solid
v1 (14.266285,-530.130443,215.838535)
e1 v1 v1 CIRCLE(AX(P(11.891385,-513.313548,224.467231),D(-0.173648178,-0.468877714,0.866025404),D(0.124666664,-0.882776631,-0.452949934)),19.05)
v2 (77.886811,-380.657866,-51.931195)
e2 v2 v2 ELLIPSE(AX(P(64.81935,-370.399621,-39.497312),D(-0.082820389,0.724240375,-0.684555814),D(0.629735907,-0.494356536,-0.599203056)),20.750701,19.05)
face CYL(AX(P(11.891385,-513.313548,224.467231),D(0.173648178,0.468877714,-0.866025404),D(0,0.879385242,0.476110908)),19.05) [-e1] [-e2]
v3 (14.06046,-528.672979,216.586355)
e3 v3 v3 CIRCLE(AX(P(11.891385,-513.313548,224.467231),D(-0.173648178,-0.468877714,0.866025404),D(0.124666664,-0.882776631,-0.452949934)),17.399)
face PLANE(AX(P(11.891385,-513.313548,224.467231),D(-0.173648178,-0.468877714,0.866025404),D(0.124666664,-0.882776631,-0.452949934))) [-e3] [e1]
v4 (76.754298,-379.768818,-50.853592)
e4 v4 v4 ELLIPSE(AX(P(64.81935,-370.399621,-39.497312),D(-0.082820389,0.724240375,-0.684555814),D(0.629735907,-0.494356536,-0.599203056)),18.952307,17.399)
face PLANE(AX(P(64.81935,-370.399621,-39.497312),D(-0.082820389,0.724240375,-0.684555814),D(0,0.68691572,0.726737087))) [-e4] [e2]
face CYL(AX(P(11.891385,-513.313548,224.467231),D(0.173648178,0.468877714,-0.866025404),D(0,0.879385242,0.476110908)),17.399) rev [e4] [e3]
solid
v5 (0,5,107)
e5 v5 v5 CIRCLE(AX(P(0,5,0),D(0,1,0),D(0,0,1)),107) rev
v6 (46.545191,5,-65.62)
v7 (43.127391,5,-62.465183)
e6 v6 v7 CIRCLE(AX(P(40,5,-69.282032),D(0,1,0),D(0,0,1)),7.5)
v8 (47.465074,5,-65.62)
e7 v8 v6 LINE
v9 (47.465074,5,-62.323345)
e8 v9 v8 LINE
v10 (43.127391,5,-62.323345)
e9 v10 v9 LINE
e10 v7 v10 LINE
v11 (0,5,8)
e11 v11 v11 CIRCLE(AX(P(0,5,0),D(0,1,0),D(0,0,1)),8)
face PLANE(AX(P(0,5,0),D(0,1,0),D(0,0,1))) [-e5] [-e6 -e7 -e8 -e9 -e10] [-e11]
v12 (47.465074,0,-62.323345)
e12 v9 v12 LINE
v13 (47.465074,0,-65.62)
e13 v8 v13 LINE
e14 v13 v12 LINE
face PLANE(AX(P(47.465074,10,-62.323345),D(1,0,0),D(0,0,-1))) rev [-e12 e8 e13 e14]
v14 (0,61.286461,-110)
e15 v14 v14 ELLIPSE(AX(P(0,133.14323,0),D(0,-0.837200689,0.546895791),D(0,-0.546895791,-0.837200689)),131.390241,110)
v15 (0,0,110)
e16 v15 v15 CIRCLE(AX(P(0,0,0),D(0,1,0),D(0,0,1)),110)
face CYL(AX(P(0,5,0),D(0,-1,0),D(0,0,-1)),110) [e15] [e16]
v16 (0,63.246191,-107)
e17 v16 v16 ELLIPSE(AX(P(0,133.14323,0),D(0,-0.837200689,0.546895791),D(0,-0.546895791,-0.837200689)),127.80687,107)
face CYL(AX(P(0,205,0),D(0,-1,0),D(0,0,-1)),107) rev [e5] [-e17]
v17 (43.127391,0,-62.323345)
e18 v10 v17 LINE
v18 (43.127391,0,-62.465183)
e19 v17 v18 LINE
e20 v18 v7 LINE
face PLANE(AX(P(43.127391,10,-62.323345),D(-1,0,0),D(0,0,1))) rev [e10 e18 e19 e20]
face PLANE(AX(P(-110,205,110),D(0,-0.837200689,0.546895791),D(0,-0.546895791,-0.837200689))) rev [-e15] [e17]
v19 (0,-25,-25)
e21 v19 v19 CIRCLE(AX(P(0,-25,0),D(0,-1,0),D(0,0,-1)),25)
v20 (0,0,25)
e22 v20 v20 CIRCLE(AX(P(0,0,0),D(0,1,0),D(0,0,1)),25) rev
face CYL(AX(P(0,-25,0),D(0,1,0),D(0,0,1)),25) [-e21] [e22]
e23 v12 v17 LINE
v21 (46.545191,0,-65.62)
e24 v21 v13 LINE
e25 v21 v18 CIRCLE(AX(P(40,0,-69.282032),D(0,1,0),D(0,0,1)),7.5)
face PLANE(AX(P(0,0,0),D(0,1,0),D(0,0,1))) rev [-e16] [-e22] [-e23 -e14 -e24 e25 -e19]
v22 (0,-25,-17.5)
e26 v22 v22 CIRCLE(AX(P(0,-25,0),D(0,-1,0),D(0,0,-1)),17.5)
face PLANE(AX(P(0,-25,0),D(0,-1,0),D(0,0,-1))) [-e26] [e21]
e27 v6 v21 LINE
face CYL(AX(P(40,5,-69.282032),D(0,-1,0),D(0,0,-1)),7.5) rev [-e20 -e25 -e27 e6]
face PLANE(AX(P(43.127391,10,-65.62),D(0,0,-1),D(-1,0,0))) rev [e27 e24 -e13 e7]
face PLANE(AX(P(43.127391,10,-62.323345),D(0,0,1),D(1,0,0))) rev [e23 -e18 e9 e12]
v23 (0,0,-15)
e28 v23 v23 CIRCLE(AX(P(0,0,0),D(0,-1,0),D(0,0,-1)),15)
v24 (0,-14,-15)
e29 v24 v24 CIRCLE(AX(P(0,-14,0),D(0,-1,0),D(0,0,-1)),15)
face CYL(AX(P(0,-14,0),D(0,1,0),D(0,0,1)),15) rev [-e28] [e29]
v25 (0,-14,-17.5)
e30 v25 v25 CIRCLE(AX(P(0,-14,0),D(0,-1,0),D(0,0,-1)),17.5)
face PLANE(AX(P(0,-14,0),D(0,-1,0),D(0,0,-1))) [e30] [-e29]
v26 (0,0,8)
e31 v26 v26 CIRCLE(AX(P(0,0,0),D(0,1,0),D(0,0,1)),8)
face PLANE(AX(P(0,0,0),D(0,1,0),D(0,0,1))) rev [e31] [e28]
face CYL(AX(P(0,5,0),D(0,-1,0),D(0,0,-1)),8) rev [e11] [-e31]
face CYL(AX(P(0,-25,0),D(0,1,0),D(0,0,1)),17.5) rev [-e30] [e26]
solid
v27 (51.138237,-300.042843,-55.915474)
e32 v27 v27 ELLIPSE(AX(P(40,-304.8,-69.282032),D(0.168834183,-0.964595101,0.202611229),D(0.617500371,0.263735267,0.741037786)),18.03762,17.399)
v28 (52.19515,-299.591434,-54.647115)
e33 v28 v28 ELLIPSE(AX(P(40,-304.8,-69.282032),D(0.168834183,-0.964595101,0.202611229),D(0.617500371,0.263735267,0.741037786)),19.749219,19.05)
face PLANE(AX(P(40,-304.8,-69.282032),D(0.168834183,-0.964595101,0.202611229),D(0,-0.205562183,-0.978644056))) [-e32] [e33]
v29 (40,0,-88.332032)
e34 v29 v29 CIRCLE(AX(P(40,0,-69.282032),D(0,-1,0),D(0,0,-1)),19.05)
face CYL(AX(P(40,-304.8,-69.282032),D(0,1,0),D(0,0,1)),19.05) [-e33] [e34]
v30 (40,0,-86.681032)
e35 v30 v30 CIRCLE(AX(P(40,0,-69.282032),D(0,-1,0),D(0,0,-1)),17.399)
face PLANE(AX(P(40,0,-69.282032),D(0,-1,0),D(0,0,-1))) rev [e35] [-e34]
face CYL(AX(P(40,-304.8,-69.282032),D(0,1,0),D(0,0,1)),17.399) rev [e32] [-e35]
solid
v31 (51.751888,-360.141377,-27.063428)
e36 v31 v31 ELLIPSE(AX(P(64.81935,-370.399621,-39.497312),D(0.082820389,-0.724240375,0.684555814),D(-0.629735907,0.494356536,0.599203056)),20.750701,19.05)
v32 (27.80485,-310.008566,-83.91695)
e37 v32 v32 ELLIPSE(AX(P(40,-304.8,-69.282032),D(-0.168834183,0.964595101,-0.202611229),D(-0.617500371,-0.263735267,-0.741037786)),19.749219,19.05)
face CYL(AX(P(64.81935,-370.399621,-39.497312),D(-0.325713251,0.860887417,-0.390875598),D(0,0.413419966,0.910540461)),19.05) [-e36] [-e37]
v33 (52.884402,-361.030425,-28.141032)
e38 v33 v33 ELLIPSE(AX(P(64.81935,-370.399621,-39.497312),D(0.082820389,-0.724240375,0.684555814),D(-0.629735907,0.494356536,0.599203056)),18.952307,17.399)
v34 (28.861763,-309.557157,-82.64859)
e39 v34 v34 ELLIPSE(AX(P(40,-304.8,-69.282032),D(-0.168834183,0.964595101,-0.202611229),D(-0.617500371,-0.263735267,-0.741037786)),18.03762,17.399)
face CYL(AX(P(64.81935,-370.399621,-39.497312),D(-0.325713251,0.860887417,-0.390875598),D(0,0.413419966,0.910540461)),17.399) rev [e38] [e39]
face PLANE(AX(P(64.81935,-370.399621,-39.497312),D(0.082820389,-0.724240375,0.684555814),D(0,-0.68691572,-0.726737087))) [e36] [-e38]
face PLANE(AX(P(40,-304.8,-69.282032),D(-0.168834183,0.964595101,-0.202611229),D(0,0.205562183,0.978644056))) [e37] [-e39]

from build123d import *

# Parameters (mm, degrees)
SKETCH6_R                                      = 110
SKETCH6_R_2                                    = 8
SKETCH6_R_3                                    = 7.5
BOSS_EXTRUDE5_DEPTH                            = 5
SKETCH8_R                                      = 110
SKETCH8_R_2                                    = 107
BOSS_EXTRUDE6_DEPTH                            = 200
CUT_EXTRUDE1_DEPTH                             = 258.342184649
CUT_EXTRUDE1_DEPTH_BACK                        = 258.342184649
SKETCH11_R                                     = 25
SKETCH11_R_2                                   = 17.5
BOSS_EXTRUDE7_DEPTH                            = 25
SKETCH12_R                                     = 17.5
SKETCH12_R_2                                   = 15
BOSS_EXTRUDE8_DEPTH                            = 14
SKETCH13_W                                     = 4.337683853
SKETCH13_H                                     = 3.296654895
CUT_EXTRUDE2_DEPTH                             = 10
SKETCH1_R                                      = 19.05
SKETCH1_R_2                                    = 17.399
AL_ROUND_TUBING_AL_RND_TUBE_1_5_OD_X_0_0_DEPTH = 313.166024089
SKETCH1_ON_SEGMENT_2_R                         = 19.05
SKETCH1_ON_SEGMENT_2_R_2                       = 17.399
AL_ROUND_TUBING_AL_RND_TUBE_1_5_OD_X_3_DEPTH   = 97.201236225
SKETCH1_ON_SEGMENT_3_R                         = 19.05
SKETCH1_ON_SEGMENT_3_R_2                       = 17.399
AL_ROUND_TUBING_AL_RND_TUBE_1_5_OD_X_5_DEPTH   = 317.435212136


with BuildPart() as part:
    # Sketch6 → Boss-Extrude5 (new body)
    with BuildSketch(Plane(origin=(0, 0, 0), x_dir=(1, 0, 0), z_dir=(0, 1, 0))):
        with Locations(Location((0, 0, 0), (0, 0, 270))):
            Circle(SKETCH6_R)
        with Locations(Location((0, 0, 0), (0, 0, 270))):
            Circle(SKETCH6_R_2, mode=Mode.SUBTRACT)
        with Locations(Location((40, 69.282032303, 0), (0, 0, 270))):
            Circle(SKETCH6_R_3, mode=Mode.SUBTRACT)
    extrude(amount=BOSS_EXTRUDE5_DEPTH)

    # Sketch8 → Boss-Extrude6 (add)
    with BuildSketch(Plane(origin=(0, 5, 0), x_dir=(1, 0, 0), z_dir=(0, 1, 0))):
        with Locations(Location((0, 0, 0), (0, 0, 270))):
            Circle(SKETCH8_R)
        with Locations(Location((0, 0, 0), (0, 0, 270))):
            Circle(SKETCH8_R_2, mode=Mode.SUBTRACT)
    extrude(amount=BOSS_EXTRUDE6_DEPTH)

    # Sketch10 → Cut-Extrude1 (cut, two sides)
    with BuildSketch(Plane(origin=(0, 0, 0), x_dir=(0, 0, -1), z_dir=(1, 0, 0))) as cut_extrude1_sk:
        Polygon((-110, 205), (110, 61.286460946), (110, 205), align=None)
    extrude(amount=CUT_EXTRUDE1_DEPTH, mode=Mode.SUBTRACT)
    extrude(cut_extrude1_sk.sketch, amount=-CUT_EXTRUDE1_DEPTH_BACK, mode=Mode.SUBTRACT)

    # Sketch11 → Boss-Extrude7 (add)
    with BuildSketch(Plane.XZ):
        with Locations(Location((0, 0, 0), (0, 0, 90))):
            Circle(SKETCH11_R)
        with Locations(Location((0, 0, 0), (0, 0, 270))):
            Circle(SKETCH11_R_2, mode=Mode.SUBTRACT)
    extrude(amount=BOSS_EXTRUDE7_DEPTH)

    # Sketch12 → Boss-Extrude8 (add)
    with BuildSketch(Plane.XZ):
        with Locations(Location((0, 0, 0), (0, 0, 270))):
            Circle(SKETCH12_R)
        with Locations(Location((0, 0, 0), (0, 0, 270))):
            Circle(SKETCH12_R_2, mode=Mode.SUBTRACT)
    extrude(amount=BOSS_EXTRUDE8_DEPTH)

    # Sketch13 → Cut-Extrude2 (cut)
    with BuildSketch(Plane.XZ):
        with Locations((45.296232559, -63.971672552)):
            Rectangle(SKETCH13_W, SKETCH13_H)
    extrude(amount=-CUT_EXTRUDE2_DEPTH, mode=Mode.SUBTRACT)


with BuildPart() as body_2:
    # Sketch1 → Al round tubing AL RND TUBE 1.5 OD X 0.063 WALL(7) (new body)
    with BuildSketch(Plane(origin=(40, 0, -69.282032303), x_dir=(1, 0, 0), z_dir=(0, -1, 0))):
        Circle(SKETCH1_R)
        Circle(SKETCH1_R_2, mode=Mode.SUBTRACT)
    extrude(amount=AL_ROUND_TUBING_AL_RND_TUBE_1_5_OD_X_0_0_DEPTH)

    # Al round tubing AL RND TUBE 1.5 OD X 2
    split(bisect_by=Plane(origin=(40, -304.8, -69.282032303), x_dir=(-0.985025258, -0.172410096, 0), z_dir=(-0.168834183, 0.964595101, -0.202611229)), keep=Keep.TOP)


with BuildPart() as body_3:
    # Sketch1 on segment 2 (carried to segment 2) → Al round tubing AL RND TUBE 1.5 OD X 3 (new body)
    with BuildSketch(Plane(origin=(37.275075097, -297.597795128, -72.552106968), x_dir=(0.942990038, 0.325713251, -0.068415402), z_dir=(0.325713251, -0.860887417, 0.390875598))):
        Circle(SKETCH1_ON_SEGMENT_2_R)
        Circle(SKETCH1_ON_SEGMENT_2_R_2, mode=Mode.SUBTRACT)
    extrude(amount=AL_ROUND_TUBING_AL_RND_TUBE_1_5_OD_X_3_DEPTH)

    # Al round tubing AL RND TUBE 1.5 OD X 3 m
    split(bisect_by=Plane(origin=(40, -304.8, -69.282032303), x_dir=(0.985025258, 0.172410096, 0), z_dir=(0.168834183, -0.964595101, 0.202611229)), keep=Keep.TOP)

    # Al round tubing AL RND TUBE 1.5 OD X 4
    split(bisect_by=Plane(origin=(64.819349716, -370.399621206, -39.497311768), x_dir=(-0.993524923, -0.113614379, 0), z_dir=(-0.082820389, 0.724240375, -0.684555814)), keep=Keep.TOP)


with BuildPart() as body_4:
    # Sketch1 on segment 3 (carried to segment 3) → Al round tubing AL RND TUBE 1.5 OD X 5 (new body)
    with BuildSketch(Plane(origin=(67.013431278, -364.475251828, -50.43972646), x_dir=(0.979471613, -0.173648178, 0.102380022), z_dir=(-0.173648178, -0.468877714, 0.866025404))):
        Circle(SKETCH1_ON_SEGMENT_3_R)
        Circle(SKETCH1_ON_SEGMENT_3_R_2, mode=Mode.SUBTRACT)
    extrude(amount=AL_ROUND_TUBING_AL_RND_TUBE_1_5_OD_X_5_DEPTH)

    # Al round tubing AL RND TUBE 1.5 OD X 5 m
    split(bisect_by=Plane(origin=(64.819349716, -370.399621206, -39.497311768), x_dir=(0.993524923, 0.113614379, 0), z_dir=(0.082820389, -0.724240375, 0.684555814)), keep=Keep.TOP)


solid = Compound([part.part, body_2.part, body_3.part, body_4.part])
